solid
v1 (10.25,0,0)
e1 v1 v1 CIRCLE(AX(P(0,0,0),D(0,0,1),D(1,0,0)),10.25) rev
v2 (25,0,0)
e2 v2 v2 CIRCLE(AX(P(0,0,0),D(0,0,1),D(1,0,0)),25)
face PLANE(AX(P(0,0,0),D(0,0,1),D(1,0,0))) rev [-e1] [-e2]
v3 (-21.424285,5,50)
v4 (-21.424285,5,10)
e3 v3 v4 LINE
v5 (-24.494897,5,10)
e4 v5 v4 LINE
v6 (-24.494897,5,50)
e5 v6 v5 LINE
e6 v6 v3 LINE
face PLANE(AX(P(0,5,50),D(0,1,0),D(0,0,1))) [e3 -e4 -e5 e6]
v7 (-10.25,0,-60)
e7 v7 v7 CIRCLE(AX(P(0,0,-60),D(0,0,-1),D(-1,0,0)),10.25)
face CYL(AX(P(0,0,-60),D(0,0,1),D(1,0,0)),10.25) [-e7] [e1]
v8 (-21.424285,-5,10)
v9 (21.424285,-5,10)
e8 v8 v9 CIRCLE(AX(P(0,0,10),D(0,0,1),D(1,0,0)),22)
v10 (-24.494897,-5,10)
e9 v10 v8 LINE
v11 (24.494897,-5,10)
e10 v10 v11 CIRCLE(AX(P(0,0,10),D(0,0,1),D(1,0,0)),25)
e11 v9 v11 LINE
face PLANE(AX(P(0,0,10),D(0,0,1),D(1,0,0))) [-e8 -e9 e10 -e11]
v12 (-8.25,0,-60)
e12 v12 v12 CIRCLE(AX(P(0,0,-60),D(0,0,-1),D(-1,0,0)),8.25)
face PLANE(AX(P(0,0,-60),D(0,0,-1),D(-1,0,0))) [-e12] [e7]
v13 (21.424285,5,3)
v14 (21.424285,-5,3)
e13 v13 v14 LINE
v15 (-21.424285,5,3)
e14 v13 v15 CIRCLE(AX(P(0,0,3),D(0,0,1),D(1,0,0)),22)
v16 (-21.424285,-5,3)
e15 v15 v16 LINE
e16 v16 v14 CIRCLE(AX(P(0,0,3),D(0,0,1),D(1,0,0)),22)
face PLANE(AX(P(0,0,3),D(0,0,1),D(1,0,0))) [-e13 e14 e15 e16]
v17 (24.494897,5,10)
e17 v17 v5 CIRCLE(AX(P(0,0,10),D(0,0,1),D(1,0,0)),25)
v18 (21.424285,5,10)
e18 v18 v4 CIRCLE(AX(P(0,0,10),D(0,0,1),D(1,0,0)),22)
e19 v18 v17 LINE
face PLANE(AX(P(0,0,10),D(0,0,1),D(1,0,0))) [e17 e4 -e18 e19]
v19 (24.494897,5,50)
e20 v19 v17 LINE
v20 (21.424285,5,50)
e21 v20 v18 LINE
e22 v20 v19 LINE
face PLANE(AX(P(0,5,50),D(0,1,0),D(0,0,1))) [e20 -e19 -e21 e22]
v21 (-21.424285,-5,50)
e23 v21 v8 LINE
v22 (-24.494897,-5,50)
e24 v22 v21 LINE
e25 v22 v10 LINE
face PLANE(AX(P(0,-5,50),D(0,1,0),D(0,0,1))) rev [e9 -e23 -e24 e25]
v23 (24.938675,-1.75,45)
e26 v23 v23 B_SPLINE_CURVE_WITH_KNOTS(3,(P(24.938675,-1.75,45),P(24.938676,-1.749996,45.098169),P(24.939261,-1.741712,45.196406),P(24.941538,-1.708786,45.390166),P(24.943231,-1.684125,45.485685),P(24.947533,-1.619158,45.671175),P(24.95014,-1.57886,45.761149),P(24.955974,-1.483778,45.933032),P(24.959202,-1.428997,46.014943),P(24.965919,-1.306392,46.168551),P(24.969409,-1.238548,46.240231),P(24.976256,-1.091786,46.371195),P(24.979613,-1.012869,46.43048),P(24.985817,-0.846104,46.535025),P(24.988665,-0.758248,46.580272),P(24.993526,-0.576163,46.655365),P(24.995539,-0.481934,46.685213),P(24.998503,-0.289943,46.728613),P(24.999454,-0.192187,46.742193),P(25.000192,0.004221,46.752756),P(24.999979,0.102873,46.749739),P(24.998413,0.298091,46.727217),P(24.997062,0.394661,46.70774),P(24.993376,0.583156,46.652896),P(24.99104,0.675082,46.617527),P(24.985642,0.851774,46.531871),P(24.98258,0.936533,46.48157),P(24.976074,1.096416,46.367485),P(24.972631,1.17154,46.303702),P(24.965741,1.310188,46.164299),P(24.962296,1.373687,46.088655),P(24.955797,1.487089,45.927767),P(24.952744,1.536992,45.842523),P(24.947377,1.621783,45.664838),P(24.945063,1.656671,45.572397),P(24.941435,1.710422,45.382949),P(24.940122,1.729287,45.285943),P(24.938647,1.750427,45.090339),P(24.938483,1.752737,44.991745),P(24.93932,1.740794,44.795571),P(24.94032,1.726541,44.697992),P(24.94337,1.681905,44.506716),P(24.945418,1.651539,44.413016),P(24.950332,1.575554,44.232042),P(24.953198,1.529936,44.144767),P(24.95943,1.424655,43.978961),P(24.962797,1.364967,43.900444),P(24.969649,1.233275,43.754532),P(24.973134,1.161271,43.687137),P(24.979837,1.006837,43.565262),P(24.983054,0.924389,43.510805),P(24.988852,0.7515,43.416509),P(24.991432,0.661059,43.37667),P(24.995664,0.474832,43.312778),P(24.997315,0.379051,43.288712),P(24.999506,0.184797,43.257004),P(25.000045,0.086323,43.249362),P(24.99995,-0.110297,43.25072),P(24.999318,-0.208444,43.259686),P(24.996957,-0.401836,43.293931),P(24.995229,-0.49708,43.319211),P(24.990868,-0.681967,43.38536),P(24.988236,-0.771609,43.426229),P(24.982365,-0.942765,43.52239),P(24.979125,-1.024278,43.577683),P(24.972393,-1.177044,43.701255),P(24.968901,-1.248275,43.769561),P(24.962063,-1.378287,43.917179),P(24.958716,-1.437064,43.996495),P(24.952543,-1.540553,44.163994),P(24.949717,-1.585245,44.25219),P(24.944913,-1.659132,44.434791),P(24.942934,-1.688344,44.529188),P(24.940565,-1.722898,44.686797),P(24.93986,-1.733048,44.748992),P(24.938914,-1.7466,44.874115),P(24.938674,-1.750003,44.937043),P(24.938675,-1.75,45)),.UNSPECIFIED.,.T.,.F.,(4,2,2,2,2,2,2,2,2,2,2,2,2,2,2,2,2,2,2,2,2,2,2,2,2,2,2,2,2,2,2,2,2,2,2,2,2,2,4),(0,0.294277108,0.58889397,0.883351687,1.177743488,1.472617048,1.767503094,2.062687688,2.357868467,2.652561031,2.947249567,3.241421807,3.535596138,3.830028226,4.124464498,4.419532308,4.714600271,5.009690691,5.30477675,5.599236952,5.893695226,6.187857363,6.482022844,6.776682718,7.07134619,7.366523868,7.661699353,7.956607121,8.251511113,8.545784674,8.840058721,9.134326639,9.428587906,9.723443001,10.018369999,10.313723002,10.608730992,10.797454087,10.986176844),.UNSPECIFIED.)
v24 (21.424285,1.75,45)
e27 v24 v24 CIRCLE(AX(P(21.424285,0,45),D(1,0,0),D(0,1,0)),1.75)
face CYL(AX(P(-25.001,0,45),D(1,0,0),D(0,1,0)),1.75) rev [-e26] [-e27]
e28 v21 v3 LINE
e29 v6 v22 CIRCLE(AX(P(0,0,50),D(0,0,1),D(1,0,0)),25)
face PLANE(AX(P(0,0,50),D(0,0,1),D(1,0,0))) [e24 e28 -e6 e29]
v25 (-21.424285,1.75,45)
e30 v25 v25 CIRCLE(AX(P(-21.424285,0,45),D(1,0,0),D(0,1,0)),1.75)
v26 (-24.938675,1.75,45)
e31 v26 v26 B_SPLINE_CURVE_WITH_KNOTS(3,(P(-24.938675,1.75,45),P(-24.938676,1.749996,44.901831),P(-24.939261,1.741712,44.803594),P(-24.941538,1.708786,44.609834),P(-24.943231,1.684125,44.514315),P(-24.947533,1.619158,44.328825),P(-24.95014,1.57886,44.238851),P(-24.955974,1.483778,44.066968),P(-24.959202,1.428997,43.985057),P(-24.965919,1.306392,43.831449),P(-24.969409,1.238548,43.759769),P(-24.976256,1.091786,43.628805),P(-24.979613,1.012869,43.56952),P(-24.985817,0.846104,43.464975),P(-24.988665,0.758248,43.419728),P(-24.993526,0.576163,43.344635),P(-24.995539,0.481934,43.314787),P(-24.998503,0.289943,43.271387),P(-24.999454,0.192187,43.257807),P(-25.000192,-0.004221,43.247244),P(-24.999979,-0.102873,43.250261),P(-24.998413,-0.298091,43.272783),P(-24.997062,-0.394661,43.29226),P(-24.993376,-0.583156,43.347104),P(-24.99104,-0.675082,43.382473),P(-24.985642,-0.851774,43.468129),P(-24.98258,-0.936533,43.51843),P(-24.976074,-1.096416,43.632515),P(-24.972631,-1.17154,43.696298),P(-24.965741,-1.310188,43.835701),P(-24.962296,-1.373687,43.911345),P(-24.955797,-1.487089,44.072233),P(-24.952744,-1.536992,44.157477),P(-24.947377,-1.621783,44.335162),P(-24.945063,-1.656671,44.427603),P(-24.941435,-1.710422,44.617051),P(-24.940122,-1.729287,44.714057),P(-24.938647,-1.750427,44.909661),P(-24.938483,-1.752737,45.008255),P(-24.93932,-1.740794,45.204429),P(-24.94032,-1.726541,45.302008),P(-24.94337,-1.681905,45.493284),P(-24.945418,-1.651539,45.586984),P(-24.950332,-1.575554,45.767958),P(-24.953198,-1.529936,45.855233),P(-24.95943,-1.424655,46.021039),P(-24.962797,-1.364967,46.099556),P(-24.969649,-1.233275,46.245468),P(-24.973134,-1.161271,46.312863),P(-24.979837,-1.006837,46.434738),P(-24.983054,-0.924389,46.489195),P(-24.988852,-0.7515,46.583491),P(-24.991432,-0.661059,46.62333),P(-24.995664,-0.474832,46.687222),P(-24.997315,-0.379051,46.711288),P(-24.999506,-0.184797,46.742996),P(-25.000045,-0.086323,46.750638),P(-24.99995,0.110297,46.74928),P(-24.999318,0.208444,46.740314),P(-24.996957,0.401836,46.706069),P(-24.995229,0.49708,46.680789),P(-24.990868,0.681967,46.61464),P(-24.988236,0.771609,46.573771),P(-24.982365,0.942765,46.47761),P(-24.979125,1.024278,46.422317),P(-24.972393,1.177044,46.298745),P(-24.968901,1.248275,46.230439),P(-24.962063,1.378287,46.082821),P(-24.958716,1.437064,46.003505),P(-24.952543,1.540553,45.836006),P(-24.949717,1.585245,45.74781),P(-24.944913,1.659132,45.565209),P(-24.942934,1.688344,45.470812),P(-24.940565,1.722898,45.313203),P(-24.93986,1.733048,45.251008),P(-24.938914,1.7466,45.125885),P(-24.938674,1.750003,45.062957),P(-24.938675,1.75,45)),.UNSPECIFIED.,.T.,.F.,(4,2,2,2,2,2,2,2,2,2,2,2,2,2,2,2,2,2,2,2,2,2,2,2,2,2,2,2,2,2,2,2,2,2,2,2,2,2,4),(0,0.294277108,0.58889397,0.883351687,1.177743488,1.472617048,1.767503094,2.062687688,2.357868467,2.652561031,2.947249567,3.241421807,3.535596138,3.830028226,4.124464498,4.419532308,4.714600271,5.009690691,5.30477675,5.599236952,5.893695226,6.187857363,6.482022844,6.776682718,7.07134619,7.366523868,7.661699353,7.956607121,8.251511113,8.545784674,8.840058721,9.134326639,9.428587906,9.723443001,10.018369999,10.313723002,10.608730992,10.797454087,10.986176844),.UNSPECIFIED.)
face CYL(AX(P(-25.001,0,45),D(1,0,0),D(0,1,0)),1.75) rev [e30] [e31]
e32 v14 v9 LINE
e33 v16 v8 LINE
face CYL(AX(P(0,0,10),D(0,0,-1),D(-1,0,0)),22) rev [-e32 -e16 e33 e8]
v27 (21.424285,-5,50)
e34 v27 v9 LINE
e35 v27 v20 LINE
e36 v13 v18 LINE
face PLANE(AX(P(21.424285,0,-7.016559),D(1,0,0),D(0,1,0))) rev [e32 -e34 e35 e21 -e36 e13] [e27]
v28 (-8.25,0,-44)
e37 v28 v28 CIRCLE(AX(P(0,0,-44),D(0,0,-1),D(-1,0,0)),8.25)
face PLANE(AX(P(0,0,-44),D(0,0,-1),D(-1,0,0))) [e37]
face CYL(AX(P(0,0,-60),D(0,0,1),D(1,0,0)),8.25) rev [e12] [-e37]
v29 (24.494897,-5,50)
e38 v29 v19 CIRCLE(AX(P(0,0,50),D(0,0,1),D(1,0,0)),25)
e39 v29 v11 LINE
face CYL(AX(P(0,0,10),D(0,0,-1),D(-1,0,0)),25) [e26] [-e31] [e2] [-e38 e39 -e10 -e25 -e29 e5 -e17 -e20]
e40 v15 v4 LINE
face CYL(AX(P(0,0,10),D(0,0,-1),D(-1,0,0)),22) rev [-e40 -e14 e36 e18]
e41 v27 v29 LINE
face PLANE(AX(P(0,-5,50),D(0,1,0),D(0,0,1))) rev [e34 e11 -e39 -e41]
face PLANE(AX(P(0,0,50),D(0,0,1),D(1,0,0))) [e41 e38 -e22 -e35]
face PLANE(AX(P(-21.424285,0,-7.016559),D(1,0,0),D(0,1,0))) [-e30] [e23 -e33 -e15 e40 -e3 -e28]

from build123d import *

# Parameters (mm, degrees)
SKETCH1_R                           = 25
SKETCH1_R_2                         = 22
BOSS_EXTRUDE1_DEPTH                 = 10
SKETCH1_2_R                         = 22
BOSS_EXTRUDE2_DEPTH                 = 3
BOSS_EXTRUDE3_START                 = -7
BOSS_EXTRUDE3_DEPTH                 = 7
BOSS_EXTRUDE4_DEPTH                 = 40
CUT_EXTRUDE1_REACH                  = 74.665
CUT_EXTRUDE1_END_RADIUS             = 25
SKETCH3_R                           = 1.75
CUT_EXTRUDE1_DIRECTION_2_REACH      = 74.665
CUT_EXTRUDE1_DIRECTION_2_END_RADIUS = 25
SKETCH4_R                           = 10.25
SKETCH4_R_2                         = 8.25
BOSS_EXTRUDE5_DEPTH                 = 60
SKETCH4_2_R                         = 8.25
BOSS_EXTRUDE6_DEPTH                 = 44


with BuildPart() as part:
    # Sketch1 → Boss-Extrude1 (new body)
    with BuildSketch(Plane.XY):
        Circle(SKETCH1_R)
        Circle(SKETCH1_R_2, mode=Mode.SUBTRACT)
    extrude(amount=BOSS_EXTRUDE1_DEPTH)

    # Sketch1<2> → Boss-Extrude2 (add)
    with BuildSketch(Plane.XY):
        Circle(SKETCH1_2_R)
    extrude(amount=BOSS_EXTRUDE2_DEPTH)

    # Sketch2 → Boss-Extrude3 (add)
    with BuildSketch(Plane.XY.offset(10).offset(BOSS_EXTRUDE3_START)):
        with BuildLine():
            Line((-21.424285286, -5), (-21.424285286, 5))
            ThreePointArc((-21.424285286, 5), (-22, 0), (-21.424285286, -5))
        make_face()
        with BuildLine():
            ThreePointArc((22, 0), (21.85559741, 2.516517804), (21.424285286, 5))
            Line((21.424285286, 5), (21.424285286, -5))
            ThreePointArc((21.424285286, -5), (21.85559741, -2.516517804), (22, 0))
        make_face()
    extrude(amount=BOSS_EXTRUDE3_DEPTH)

    # Sketch2<4> → Boss-Extrude4 (add)
    with BuildSketch(Plane.XY.offset(10)):
        with BuildLine():
            Line((-21.424285286, 5), (-24.494897428, 5))
            ThreePointArc((-24.494897428, 5), (-25, 0), (-24.494897428, -5))
            Line((-24.494897428, -5), (-21.424285286, -5))
            Line((-21.424285286, -5), (-21.424285286, 5))
        make_face()
        with BuildLine():
            Line((24.494897428, 5), (21.424285286, 5))
            Line((21.424285286, 5), (21.424285286, -5))
            Line((21.424285286, -5), (24.494897428, -5))
            ThreePointArc((24.494897428, -5), (25, 0), (24.494897428, 5))
        make_face()
    extrude(amount=BOSS_EXTRUDE4_DEPTH)

    # Cut-Extrude1: up to this cylinder (the profile starts inside it)
    cut_extrude1_end = Plane(origin=(0, 0, 45), z_dir=(0, 0, -1)) * Cylinder(CUT_EXTRUDE1_END_RADIUS, 200.33, mode=Mode.PRIVATE)
    # Sketch3 → Cut-Extrude1 (cut, up to the surface)
    with BuildSketch(Plane(origin=(-21.424285286, 0, 0), x_dir=(0, 0, -1), z_dir=(1, 0, 0)), mode=Mode.PRIVATE) as cut_extrude1_sk1:
        with Locations(Location((-45, 0, 0), (0, 0, 90))):
            Circle(SKETCH3_R)
    cut_extrude1_tool1 = extrude(cut_extrude1_sk1.sketch, amount=-CUT_EXTRUDE1_REACH, mode=Mode.PRIVATE) & cut_extrude1_end
    add(cut_extrude1_tool1.solids().sort_by_distance((-21.424285, 0, 45))[0], mode=Mode.SUBTRACT)

    # Cut-Extrude1 direction 2: up to this cylinder (the profile starts inside it)
    cut_extrude1_direction_2_end = Plane(origin=(0, 0, 45), z_dir=(0, 0, -1)) * Cylinder(CUT_EXTRUDE1_DIRECTION_2_END_RADIUS, 200.33, mode=Mode.PRIVATE)
    # Sketch3 → Cut-Extrude1 direction 2 (cut, up to the surface)
    with BuildSketch(Plane(origin=(-21.424285286, 0, 0), x_dir=(0, 0, -1), z_dir=(1, 0, 0)), mode=Mode.PRIVATE) as cut_extrude1_direction_2_sk1:
        with Locations(Location((-45, 0, 0), (0, 0, 90))):
            Circle(SKETCH3_R)
    cut_extrude1_direction_2_tool1 = extrude(cut_extrude1_direction_2_sk1.sketch, amount=CUT_EXTRUDE1_DIRECTION_2_REACH, mode=Mode.PRIVATE) & cut_extrude1_direction_2_end
    add(cut_extrude1_direction_2_tool1.solids().sort_by_distance((-21.424285, 0, 45))[0], mode=Mode.SUBTRACT)

    # Sketch4 → Boss-Extrude5 (add)
    with BuildSketch(Plane(origin=(0, 0, 0), x_dir=(-1, 0, 0), z_dir=(0, 0, -1))):
        with Locations(Location((0, 0, 0), (0, 0, 180))):
            Circle(SKETCH4_R)
        Circle(SKETCH4_R_2, mode=Mode.SUBTRACT)
    extrude(amount=BOSS_EXTRUDE5_DEPTH)

    # Sketch4<2> → Boss-Extrude6 (add)
    with BuildSketch(Plane(origin=(0, 0, 0), x_dir=(-1, 0, 0), z_dir=(0, 0, -1))):
        Circle(SKETCH4_2_R)
    extrude(amount=BOSS_EXTRUDE6_DEPTH)


solid = part.part
